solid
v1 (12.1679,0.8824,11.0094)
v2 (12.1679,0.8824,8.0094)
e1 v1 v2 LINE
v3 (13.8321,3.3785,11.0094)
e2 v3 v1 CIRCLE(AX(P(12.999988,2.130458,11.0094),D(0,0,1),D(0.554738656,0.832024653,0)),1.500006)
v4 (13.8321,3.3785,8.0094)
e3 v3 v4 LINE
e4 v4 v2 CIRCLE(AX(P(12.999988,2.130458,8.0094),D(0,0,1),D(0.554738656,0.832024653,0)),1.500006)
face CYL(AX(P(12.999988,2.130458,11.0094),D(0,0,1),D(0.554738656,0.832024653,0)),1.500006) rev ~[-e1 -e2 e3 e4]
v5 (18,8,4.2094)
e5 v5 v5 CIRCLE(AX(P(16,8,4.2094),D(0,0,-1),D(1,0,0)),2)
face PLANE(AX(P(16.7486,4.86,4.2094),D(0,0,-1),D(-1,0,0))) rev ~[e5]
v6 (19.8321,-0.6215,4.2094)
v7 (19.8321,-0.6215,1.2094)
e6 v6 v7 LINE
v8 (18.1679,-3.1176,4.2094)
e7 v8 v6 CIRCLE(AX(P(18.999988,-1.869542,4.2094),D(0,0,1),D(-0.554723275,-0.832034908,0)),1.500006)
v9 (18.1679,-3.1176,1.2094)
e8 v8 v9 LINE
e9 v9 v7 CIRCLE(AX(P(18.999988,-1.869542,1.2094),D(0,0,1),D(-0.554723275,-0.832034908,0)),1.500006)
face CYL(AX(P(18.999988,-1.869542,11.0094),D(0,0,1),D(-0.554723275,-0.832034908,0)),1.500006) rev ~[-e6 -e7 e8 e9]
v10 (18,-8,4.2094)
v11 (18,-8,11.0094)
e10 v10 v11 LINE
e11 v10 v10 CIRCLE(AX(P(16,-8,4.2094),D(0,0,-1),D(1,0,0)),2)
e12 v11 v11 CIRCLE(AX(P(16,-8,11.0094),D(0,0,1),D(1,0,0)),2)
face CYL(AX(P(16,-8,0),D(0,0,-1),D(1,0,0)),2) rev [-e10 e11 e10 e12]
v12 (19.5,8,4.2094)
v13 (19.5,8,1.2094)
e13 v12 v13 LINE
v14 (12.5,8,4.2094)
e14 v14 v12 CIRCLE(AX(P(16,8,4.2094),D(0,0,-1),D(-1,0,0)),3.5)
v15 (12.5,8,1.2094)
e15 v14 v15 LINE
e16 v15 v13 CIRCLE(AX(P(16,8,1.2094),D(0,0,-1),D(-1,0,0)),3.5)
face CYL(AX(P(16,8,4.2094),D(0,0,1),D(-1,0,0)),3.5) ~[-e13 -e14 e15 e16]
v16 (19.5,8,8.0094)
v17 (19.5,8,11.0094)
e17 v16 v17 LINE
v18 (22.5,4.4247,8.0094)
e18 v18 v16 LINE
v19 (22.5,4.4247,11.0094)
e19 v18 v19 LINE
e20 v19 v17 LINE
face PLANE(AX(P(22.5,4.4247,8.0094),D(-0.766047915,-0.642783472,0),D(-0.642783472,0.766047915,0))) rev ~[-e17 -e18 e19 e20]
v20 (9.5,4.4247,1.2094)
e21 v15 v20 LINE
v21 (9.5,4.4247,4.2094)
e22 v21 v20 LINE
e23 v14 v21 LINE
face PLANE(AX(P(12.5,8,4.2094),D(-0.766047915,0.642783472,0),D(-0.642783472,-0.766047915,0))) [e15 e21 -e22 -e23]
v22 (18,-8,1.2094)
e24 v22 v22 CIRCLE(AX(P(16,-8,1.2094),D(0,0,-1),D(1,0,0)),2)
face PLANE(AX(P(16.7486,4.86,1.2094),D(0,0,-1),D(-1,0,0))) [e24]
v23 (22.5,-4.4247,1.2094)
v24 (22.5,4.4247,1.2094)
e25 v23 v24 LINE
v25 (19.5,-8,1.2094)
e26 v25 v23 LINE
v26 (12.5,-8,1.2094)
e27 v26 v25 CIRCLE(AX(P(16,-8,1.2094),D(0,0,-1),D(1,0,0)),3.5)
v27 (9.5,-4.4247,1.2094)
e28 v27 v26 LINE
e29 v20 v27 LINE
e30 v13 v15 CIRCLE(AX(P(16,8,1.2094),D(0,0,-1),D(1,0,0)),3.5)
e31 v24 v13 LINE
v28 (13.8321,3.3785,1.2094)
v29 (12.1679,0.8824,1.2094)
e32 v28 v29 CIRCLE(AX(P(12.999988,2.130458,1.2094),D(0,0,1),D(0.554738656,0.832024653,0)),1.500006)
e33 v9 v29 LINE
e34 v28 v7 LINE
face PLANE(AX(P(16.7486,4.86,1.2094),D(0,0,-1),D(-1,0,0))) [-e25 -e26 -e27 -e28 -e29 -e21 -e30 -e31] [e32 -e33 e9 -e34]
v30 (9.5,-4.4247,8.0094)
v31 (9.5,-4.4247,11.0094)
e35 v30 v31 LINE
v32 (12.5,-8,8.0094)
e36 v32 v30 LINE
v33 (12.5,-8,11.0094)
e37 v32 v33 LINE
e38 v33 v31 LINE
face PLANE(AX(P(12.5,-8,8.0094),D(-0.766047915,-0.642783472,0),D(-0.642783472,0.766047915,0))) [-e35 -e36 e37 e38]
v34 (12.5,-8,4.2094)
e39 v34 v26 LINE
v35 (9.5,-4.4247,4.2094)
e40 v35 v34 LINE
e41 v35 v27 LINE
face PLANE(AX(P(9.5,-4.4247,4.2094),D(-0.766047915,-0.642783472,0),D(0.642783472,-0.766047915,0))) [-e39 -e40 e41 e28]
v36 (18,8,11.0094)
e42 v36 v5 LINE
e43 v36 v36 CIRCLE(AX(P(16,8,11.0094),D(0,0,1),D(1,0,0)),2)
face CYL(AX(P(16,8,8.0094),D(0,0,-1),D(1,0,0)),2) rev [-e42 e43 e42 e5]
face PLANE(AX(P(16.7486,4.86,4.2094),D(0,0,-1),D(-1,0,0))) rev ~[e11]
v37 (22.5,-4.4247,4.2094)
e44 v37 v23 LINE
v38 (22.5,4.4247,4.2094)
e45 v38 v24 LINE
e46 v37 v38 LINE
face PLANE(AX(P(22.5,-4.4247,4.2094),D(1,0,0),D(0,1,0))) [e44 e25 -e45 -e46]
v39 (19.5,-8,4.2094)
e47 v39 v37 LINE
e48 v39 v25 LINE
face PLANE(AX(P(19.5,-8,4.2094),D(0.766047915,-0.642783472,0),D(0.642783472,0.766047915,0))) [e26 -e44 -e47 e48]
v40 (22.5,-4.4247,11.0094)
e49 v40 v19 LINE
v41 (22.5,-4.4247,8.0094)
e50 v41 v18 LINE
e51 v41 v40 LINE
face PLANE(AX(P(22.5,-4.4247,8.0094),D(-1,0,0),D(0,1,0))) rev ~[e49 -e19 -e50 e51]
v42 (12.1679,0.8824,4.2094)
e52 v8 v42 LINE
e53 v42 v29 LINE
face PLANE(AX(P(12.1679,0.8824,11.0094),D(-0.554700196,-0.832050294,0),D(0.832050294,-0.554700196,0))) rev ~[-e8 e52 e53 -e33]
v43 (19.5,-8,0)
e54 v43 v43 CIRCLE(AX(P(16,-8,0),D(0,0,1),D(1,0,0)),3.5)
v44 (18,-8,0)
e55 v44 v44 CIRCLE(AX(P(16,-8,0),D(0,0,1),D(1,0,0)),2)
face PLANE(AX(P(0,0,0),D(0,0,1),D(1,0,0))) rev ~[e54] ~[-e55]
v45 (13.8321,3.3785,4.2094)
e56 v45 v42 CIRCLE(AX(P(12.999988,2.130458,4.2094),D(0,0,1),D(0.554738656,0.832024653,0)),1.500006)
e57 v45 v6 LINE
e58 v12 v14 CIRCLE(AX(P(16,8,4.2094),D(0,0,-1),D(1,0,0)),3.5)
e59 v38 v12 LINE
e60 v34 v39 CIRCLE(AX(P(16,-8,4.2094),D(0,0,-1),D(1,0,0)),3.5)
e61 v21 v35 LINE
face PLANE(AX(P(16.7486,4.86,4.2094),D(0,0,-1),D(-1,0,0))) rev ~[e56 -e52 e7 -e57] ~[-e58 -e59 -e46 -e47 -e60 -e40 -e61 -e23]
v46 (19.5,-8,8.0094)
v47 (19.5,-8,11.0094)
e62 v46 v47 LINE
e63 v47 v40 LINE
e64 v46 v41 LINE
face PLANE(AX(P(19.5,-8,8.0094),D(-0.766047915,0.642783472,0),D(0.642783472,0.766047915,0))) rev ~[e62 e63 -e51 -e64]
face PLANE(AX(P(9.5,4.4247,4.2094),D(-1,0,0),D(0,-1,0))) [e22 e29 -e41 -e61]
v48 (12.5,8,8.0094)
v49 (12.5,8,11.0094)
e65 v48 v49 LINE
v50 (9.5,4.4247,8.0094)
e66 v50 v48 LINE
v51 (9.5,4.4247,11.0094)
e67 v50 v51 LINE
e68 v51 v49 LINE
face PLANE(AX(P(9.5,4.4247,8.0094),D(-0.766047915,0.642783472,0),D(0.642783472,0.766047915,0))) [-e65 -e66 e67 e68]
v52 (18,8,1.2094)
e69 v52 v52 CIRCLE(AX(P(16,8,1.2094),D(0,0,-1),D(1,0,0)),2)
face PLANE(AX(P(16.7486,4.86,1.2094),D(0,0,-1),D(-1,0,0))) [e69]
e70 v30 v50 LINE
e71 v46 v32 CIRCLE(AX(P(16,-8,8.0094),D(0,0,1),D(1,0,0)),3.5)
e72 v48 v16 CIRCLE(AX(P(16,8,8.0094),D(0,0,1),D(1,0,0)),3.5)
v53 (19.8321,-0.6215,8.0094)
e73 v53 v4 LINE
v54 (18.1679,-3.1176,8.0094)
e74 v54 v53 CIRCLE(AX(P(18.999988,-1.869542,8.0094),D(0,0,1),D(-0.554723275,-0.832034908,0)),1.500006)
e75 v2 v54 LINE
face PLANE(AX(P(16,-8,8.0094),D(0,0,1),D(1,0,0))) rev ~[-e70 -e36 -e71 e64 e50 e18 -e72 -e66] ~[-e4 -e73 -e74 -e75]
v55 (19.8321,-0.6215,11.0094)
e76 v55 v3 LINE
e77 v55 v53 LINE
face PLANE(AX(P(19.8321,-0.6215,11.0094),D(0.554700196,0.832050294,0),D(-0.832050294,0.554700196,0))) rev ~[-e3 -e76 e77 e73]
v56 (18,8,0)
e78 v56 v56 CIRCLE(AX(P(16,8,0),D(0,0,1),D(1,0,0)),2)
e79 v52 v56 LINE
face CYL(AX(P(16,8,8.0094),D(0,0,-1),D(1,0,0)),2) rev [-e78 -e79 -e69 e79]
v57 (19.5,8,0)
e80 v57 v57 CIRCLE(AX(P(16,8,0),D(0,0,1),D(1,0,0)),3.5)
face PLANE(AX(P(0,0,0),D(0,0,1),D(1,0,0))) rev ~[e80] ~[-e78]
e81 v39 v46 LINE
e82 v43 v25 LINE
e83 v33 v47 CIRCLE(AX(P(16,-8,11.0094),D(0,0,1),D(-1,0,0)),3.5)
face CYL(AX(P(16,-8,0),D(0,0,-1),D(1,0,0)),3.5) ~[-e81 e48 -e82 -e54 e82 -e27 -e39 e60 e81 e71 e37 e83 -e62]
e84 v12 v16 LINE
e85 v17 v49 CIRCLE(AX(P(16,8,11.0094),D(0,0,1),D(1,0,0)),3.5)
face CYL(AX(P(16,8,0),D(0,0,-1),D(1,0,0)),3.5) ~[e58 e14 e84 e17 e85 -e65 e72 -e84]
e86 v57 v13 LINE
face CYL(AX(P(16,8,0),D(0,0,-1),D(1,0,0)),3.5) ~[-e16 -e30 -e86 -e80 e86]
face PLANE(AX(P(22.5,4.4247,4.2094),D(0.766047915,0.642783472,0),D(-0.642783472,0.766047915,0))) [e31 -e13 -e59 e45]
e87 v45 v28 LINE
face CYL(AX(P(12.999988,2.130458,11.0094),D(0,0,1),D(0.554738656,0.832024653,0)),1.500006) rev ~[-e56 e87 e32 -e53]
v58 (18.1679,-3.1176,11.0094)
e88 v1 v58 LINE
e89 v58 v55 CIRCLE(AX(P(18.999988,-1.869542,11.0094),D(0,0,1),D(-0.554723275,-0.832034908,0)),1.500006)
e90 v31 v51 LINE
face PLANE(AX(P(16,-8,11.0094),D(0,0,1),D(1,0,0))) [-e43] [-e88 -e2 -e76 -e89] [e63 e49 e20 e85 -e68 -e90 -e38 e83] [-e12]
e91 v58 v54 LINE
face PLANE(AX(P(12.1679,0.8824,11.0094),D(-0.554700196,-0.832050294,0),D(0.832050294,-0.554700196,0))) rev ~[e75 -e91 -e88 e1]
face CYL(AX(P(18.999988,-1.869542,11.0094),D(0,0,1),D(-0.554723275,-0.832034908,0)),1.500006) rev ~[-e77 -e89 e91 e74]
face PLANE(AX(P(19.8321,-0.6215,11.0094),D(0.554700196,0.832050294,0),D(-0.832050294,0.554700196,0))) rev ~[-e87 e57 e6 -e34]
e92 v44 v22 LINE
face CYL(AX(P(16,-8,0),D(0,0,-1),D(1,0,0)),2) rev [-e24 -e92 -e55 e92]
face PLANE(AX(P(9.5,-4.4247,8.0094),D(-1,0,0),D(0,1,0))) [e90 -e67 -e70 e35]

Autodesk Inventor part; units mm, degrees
ref_plane "YZ Plane" through (0, 0, 0) normal (1, 0, 0) x (0, 1, 0)
sketch "Base" plane through (0, 0, 0) normal (0, 0, 1) x (1, 0, 0)
  circle A0 centre (16, -8) radius 2
  circle A1 centre (16, 8) radius 2
  circle A2 centre (16, -8) radius 3.5
  circle A3 centre (16, 8) radius 3.5
  point P0 (0, 0)
  dimension "d40" = 7
ref_plane "TopPlane" through (16.8435, -4.86, 8.0094) normal (0, 0, 1) x (1, 0, 0)
ref_plane "TopReferencePlane" through (16.8435, -4.86, 6.0094) normal (0, 0, 1) x (1, 0, 0)
extrude "BaseFeature" add sketch "Base" along normal up to surface (8.0094 mm away)
sketch "Cap" plane through (16, -8, 8.0094) normal (0, 0, 1) x (1, 0, 0)
  circle A0 centre (0, 0) radius 3.5 construction
  line L0 (3.5, 0) -> (6.5, 3.5753)
  line L1 (6.5, 3.5753) -> (6.5, 12.4247)
  line L2 (6.5, 12.4247) -> (3.5, 16)
  circle A1 centre (0, 16) radius 3.5 construction
  line L3 (-3.5, 0) -> (-3.5, 16) construction
  line L4 (-3.5, 8) -> (6.5, 8) construction
  circle A2 centre (0, 16) radius 3.5 projected
  arc A3 (-3.5, 0) -> (3.5, 0) centre (0, 0) ccw
  arc A4 (3.5, 16) -> (-3.5, 16) centre (0, 16) ccw
  circle A5 centre (0, 0) radius 2
  circle A6 centre (0, 16) radius 2
  line L5 (0, 0) -> (0, 16) construction
  line L6 (-3.5, 0) -> (-6.5, 3.5753)
  line L7 (-6.5, 3.5753) -> (-6.5, 12.4247)
  line L8 (-6.5, 12.4247) -> (-3.5, 16)
  point P0 (-16, 8)
  point P1 (-3.5, 16)
  point P2 (-3.5, 0)
  dimension "d43" = 140
  dimension "d44" = 140
  dimension "d45" = 10
extrude "CapFeature" add sketch "Cap" along normal blind 3
ref_plane "BottomPlane" through (16.7486, 4.86, 4.2094) normal (0, 0, -1) x (-1, 0, 0)
ref_plane "BottomReferencePlane" through (16.7486, 4.86, 5.2094) normal (0, 0, -1) x (-1, 0, 0)
sketch "Bottom" plane through (16.7486, 4.86, 4.2094) normal (0, 0, -1) x (-1, 0, 0)
  arc A0 (4.2486, 3.14) -> (-2.7514, 3.14) centre (0.7486, 3.14) ccw projected
  line L0 (4.2486, 3.14) -> (7.2486, -0.4353) projected
  line L1 (7.2486, -0.4353) -> (7.2486, -9.2847) projected
  line L2 (7.2486, -9.2847) -> (4.2486, -12.86) projected
  arc A1 (-2.7514, -12.86) -> (4.2486, -12.86) centre (0.7486, -12.86) ccw projected
  line L3 (-2.7514, -12.86) -> (-5.7514, -9.2847) projected
  line L4 (-5.7514, -9.2847) -> (-5.7514, -0.4353) projected
  line L5 (-5.7514, -0.4353) -> (-2.7514, 3.14) projected
  circle A2 centre (0.7486, 3.14) radius 2 projected
  circle A3 centre (0.7486, -12.86) radius 2 projected
  point P0 (16.7486, -4.86)
extrude "BottomFeature" add sketch "Bottom" along normal blind 3 contours L0 L1 L2 A1 L3 L4 L5 A0 | A2 | A3
sketch "Sketch11" plane through (16, -8, 11.0094) normal (0, 0, 1) x (1, 0, 0)
  line L0 (-3, 10.1304) -> (3, 6.1304) construction
  line L1 (-3.8321, 8.8824) -> (2.1679, 4.8824)
  line L2 (3.8321, 7.3785) -> (-2.1679, 11.3785)
  arc A0 (-2.1679, 11.3785) -> (-3.8321, 8.8824) centre (-3, 10.1304) ccw
  arc A1 (2.1679, 4.8824) -> (3.8321, 7.3785) centre (3, 6.1304) ccw
  line L3 (-6.5, 12.4247) -> (-6.5, 3.5753) projected
  line L4 (6.5, 3.5753) -> (6.5, 12.4247) projected
  point P0 (-16, 8)
  point P1 (0, 8.1304)
  dimension "d52" = 3.5
  dimension "d53" = 3.5
  dimension "d54" = 1.5
extrude "Extrusion10" cut sketch "Sketch11" against normal through all
equation "\"d44\" = d43"
equation "\"d53\" = d52"
properties part number "PotentiometerBracket"
